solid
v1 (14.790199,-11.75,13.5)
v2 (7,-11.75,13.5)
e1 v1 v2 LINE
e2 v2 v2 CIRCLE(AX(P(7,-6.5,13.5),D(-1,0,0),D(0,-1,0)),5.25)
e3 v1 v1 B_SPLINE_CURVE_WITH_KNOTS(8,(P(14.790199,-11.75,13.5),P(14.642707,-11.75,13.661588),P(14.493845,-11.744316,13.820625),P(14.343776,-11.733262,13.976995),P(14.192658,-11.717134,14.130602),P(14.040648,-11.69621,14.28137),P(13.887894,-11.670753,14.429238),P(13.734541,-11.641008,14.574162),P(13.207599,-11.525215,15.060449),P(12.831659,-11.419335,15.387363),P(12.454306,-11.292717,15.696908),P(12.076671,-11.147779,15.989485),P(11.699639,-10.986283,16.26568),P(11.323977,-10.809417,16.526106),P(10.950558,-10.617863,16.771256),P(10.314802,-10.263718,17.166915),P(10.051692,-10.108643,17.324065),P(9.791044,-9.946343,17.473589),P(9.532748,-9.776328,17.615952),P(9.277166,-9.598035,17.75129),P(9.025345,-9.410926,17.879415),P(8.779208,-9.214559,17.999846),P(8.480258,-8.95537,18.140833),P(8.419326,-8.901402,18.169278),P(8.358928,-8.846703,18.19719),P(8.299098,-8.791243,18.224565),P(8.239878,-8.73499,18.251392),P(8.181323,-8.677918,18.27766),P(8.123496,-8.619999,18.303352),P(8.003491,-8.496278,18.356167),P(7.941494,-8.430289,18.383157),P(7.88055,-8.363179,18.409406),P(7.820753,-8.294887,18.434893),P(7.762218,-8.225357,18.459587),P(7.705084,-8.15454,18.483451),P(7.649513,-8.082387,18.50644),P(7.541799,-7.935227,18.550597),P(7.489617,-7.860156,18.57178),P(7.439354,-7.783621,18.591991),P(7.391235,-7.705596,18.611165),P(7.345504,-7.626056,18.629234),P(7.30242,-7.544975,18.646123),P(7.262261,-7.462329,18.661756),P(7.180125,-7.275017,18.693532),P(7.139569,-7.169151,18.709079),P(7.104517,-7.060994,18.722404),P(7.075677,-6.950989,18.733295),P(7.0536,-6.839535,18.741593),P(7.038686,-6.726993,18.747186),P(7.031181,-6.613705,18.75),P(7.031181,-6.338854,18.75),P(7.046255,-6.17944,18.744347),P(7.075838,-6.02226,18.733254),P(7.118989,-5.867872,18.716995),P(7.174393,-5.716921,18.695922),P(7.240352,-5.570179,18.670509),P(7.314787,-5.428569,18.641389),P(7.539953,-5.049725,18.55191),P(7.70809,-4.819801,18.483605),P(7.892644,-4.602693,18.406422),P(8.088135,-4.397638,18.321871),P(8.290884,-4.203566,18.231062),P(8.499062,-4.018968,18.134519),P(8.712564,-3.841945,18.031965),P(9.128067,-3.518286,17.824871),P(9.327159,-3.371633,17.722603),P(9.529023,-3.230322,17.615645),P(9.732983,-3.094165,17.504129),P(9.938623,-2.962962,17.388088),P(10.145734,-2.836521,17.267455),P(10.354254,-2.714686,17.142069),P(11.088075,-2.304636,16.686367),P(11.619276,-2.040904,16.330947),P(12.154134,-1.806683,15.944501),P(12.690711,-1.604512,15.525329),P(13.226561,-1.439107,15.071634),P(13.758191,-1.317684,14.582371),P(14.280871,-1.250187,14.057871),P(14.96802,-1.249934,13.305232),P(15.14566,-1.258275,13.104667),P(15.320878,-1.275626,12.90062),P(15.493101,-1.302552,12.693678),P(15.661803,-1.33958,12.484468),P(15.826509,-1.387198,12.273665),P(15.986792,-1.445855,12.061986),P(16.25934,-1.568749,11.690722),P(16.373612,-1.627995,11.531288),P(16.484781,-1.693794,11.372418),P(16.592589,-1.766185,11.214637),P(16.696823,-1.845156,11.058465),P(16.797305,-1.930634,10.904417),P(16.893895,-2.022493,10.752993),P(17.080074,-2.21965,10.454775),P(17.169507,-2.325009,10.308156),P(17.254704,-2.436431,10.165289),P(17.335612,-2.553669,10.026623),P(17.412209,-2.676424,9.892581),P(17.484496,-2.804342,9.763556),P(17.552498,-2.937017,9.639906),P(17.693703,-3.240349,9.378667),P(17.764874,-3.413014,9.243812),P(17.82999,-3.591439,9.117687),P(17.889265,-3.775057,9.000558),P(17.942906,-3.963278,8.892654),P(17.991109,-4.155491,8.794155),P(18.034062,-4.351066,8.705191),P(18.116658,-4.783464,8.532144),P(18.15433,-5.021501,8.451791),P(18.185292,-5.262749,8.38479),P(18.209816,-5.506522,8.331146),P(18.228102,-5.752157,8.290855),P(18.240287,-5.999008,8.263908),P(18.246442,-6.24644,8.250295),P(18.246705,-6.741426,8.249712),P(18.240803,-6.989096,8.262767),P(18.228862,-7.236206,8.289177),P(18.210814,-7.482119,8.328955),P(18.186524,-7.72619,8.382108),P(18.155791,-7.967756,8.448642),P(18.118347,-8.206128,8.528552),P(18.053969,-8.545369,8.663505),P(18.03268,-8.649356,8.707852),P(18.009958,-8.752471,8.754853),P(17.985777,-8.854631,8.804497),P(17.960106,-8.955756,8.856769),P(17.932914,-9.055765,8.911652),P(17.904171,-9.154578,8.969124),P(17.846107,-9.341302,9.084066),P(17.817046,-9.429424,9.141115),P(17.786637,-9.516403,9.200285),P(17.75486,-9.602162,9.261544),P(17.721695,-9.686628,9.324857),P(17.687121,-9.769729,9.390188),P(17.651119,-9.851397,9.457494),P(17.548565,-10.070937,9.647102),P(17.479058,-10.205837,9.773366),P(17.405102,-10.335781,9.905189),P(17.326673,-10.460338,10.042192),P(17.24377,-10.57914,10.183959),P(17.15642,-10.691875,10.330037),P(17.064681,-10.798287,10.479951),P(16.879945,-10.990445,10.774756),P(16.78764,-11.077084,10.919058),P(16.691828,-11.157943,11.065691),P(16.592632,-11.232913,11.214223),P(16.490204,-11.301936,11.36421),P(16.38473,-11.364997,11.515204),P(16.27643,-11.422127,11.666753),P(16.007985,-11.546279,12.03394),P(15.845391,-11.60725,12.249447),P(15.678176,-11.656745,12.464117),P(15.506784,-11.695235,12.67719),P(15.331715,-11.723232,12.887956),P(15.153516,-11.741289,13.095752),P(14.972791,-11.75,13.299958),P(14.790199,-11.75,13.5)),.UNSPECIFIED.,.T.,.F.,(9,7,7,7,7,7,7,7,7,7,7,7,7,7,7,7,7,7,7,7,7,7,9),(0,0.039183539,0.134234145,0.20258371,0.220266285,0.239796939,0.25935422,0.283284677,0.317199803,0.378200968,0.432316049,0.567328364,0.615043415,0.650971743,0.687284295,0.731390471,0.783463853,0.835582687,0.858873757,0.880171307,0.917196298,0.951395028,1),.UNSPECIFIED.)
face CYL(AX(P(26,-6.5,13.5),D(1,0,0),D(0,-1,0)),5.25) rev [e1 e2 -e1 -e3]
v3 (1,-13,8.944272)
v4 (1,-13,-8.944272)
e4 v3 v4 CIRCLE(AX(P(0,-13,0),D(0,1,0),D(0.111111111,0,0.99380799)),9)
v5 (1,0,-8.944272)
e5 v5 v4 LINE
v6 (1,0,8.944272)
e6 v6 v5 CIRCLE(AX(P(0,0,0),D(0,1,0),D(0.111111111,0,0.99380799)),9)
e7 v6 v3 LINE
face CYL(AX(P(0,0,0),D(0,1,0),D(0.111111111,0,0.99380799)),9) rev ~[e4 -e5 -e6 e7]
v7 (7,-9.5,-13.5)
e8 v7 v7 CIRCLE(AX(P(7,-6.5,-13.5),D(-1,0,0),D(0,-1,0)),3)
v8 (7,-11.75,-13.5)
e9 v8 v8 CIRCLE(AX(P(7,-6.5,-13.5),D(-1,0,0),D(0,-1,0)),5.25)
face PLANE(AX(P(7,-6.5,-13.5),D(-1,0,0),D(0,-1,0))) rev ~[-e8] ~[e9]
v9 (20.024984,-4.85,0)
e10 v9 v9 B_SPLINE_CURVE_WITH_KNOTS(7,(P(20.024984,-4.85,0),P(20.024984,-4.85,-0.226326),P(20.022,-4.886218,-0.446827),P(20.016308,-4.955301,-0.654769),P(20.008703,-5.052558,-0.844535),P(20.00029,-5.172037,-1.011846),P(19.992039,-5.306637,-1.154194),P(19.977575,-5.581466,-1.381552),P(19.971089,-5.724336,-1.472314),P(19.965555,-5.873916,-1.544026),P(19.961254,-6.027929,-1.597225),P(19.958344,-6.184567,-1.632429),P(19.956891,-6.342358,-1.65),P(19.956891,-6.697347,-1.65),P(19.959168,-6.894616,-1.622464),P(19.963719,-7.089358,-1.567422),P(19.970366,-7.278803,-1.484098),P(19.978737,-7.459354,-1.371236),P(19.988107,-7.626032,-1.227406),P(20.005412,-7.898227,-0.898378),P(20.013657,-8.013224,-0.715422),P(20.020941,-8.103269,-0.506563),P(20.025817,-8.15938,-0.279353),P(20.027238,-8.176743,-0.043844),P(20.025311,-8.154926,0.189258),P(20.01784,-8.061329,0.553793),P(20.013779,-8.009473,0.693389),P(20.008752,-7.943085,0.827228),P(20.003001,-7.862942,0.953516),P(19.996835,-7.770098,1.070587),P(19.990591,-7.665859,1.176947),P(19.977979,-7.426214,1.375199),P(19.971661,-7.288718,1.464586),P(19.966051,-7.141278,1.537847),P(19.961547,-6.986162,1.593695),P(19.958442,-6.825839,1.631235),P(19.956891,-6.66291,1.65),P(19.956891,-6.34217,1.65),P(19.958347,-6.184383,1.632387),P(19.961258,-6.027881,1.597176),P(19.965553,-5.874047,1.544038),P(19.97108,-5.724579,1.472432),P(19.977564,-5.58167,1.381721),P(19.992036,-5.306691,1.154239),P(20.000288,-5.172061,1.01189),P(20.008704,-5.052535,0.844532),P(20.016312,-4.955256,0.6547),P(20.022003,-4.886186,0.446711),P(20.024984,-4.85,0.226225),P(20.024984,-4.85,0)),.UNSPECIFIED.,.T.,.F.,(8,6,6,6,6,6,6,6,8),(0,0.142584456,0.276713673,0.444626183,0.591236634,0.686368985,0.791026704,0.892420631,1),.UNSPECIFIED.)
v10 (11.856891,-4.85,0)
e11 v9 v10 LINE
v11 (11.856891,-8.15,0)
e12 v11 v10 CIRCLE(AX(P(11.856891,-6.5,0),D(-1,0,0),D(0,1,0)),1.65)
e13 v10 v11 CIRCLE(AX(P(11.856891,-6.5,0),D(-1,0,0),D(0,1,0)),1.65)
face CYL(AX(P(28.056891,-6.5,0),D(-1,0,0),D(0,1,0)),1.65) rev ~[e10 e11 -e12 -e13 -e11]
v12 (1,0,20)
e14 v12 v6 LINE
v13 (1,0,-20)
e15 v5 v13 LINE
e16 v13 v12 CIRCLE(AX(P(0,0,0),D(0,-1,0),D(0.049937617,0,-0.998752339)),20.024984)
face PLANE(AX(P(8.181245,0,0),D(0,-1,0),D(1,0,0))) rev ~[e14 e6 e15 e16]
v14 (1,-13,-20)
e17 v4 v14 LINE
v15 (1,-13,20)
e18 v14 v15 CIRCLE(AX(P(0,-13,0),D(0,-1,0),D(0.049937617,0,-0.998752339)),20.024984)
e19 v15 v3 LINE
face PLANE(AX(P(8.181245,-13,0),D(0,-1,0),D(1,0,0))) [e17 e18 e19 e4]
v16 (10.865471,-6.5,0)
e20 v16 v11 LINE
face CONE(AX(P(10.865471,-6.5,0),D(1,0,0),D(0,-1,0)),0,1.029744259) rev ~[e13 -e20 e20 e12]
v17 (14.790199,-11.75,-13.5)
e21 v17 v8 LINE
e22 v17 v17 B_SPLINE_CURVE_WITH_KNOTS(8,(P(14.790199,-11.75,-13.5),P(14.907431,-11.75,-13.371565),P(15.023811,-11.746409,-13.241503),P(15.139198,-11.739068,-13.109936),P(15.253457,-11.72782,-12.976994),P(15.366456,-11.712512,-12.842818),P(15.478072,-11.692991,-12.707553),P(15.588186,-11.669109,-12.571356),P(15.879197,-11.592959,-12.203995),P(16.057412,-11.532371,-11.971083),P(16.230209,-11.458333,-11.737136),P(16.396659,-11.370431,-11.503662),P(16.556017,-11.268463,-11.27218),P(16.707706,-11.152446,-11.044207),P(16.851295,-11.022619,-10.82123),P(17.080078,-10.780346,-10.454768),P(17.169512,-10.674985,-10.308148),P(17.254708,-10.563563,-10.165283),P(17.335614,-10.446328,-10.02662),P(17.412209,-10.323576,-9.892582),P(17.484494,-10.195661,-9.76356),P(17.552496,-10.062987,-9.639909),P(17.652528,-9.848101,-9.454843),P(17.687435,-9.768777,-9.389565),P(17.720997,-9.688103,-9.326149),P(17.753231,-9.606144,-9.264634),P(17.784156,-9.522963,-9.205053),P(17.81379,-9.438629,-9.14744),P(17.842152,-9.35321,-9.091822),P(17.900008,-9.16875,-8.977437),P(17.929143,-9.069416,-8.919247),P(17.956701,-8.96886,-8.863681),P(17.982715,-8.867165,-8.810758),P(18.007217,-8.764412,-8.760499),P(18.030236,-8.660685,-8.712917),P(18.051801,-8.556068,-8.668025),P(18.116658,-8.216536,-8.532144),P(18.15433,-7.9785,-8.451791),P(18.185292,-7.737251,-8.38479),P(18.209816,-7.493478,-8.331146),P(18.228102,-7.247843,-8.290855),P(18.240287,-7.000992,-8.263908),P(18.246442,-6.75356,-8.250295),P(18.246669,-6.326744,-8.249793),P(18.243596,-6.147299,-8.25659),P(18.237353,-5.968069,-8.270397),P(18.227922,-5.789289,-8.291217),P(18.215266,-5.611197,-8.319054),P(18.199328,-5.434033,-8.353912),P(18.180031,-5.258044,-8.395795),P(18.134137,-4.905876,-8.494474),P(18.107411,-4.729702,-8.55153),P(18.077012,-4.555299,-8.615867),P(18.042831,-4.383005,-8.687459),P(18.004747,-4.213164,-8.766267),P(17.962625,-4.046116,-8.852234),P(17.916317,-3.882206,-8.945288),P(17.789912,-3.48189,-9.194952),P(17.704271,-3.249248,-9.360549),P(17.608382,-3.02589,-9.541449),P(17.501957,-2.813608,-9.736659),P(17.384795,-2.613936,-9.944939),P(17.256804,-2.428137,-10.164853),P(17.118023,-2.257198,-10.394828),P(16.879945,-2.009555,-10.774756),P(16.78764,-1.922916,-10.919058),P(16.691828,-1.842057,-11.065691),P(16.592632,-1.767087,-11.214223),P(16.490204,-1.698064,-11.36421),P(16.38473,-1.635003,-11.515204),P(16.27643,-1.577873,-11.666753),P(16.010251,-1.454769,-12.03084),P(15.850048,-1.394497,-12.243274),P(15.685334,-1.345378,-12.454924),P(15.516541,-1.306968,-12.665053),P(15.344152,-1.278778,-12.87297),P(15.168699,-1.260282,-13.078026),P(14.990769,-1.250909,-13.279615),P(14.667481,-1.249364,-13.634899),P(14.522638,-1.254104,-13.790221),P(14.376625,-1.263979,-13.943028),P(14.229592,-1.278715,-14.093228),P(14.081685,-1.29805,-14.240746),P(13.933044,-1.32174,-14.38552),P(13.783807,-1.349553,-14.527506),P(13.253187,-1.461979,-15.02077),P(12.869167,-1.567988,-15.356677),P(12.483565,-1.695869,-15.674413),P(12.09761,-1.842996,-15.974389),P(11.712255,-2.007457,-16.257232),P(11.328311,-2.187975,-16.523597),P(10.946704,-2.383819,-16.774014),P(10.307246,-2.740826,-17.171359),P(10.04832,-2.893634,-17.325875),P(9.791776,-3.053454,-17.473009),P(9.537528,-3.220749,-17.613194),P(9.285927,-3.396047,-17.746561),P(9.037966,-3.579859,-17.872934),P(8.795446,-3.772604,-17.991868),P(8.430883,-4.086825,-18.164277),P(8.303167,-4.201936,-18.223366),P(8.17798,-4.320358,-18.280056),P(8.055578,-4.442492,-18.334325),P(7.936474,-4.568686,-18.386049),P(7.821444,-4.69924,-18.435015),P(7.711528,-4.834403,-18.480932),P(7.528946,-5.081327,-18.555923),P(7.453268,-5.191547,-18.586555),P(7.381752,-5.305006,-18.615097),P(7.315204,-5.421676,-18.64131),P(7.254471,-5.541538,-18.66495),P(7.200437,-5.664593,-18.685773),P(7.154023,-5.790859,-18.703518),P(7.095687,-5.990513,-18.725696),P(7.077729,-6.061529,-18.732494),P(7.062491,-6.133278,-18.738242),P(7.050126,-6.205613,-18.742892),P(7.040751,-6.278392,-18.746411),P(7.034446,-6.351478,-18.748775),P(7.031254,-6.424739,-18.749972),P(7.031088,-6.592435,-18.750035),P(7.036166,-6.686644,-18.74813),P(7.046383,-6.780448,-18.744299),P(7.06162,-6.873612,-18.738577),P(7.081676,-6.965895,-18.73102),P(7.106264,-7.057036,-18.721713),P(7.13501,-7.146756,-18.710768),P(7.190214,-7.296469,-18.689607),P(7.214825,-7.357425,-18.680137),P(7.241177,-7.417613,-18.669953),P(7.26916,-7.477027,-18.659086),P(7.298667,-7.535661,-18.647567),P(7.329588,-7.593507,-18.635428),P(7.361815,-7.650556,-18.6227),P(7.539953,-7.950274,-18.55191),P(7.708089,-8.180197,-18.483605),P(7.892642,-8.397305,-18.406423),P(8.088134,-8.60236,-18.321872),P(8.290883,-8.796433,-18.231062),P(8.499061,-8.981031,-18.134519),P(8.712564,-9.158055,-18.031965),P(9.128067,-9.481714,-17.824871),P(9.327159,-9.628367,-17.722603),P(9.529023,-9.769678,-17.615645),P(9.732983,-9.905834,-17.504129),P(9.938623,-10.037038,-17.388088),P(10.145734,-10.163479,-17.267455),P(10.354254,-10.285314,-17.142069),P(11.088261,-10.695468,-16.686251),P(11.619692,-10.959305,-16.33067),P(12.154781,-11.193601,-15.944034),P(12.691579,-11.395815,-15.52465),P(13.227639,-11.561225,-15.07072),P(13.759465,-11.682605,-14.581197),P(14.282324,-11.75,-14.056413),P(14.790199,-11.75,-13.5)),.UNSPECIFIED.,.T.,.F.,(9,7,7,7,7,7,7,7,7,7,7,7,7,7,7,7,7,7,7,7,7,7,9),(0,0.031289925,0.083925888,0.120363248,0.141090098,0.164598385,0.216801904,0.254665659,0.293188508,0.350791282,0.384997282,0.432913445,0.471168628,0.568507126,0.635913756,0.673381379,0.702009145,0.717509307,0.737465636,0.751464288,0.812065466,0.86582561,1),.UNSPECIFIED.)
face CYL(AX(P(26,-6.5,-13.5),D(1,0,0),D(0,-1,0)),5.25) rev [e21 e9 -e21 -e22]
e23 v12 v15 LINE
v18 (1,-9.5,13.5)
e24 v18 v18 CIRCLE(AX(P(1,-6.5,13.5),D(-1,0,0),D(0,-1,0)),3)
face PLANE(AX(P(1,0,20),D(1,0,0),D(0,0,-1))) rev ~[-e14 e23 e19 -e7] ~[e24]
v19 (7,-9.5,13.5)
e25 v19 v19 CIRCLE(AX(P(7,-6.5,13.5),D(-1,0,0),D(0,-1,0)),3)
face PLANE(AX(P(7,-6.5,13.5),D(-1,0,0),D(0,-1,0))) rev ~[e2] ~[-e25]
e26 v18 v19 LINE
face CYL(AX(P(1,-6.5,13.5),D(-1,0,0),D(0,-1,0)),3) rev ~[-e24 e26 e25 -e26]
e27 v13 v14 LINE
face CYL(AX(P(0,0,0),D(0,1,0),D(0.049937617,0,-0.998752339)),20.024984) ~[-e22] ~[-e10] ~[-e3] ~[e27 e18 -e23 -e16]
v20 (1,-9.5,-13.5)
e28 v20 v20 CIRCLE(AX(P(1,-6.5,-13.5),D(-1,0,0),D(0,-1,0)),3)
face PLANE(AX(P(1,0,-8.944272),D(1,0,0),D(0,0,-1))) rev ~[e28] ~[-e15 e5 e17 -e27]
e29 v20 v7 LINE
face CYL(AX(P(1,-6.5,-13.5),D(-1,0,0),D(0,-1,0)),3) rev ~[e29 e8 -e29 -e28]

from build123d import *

# Parameters (mm, degrees)
F1_DEPTH = 13
F2_R     = 3
F3_DEPTH = 19.0259843945
F5_R     = 5.25
F6_DEPTH = 19
F9_D     = 3.3
F9_DEPTH = 8.1
F9_START = 1.0431091
F9_TIP   = 0.9914200214


with BuildPart() as f1:
    # F0 (on Front) → F1 (new body)
    with BuildSketch(Plane.XZ):
        with BuildLine():
            ThreePointArc((1, 8.94427191), (9, 0), (1, -8.94427191))
            Line((1, -8.94427191), (1, -20))
            ThreePointArc((1, -20), (20.0249843945, 0), (1, 20))
            Line((1, 20), (1, 8.94427191))
        make_face()
    extrude(amount=F1_DEPTH)

    # F2 (on face) → F3 (cut, through all)
    with BuildSketch(Plane(origin=(1, 0, 0), x_dir=(0, -1, 0), z_dir=(-1, 0, 0))):
        with Locations((6.5, 13.5)):
            Circle(F2_R)
        with Locations((6.5, -13.5)):
            Circle(F2_R)
    extrude(amount=-F3_DEPTH, mode=Mode.SUBTRACT)

    # F5 (on offset) → F6 (cut)
    with BuildSketch(Plane(origin=(26, 0, 0), x_dir=(0, -1, 0), z_dir=(-1, 0, 0))):
        with Locations((6.5, -13.5)):
            Circle(F5_R)
        with Locations((6.5, 13.5)):
            Circle(F5_R)
    extrude(amount=F6_DEPTH, mode=Mode.SUBTRACT)

    # F9
    # its depths count from where the whole tool has entered the part; down to there all is cleared
    with Locations(Plane(origin=(21, 0, 0), x_dir=(0, -1, 0), z_dir=(1, 0, 0)).offset(-F9_START)):
        with Locations((6.5, 0)):
            Hole(F9_D / 2, depth=F9_DEPTH)
            with Locations((0, 0, -(F9_DEPTH + F9_TIP / 2))):  # 118° drill point
                Cone(0, F9_D / 2, F9_TIP, mode=Mode.SUBTRACT)


solid = f1.part
